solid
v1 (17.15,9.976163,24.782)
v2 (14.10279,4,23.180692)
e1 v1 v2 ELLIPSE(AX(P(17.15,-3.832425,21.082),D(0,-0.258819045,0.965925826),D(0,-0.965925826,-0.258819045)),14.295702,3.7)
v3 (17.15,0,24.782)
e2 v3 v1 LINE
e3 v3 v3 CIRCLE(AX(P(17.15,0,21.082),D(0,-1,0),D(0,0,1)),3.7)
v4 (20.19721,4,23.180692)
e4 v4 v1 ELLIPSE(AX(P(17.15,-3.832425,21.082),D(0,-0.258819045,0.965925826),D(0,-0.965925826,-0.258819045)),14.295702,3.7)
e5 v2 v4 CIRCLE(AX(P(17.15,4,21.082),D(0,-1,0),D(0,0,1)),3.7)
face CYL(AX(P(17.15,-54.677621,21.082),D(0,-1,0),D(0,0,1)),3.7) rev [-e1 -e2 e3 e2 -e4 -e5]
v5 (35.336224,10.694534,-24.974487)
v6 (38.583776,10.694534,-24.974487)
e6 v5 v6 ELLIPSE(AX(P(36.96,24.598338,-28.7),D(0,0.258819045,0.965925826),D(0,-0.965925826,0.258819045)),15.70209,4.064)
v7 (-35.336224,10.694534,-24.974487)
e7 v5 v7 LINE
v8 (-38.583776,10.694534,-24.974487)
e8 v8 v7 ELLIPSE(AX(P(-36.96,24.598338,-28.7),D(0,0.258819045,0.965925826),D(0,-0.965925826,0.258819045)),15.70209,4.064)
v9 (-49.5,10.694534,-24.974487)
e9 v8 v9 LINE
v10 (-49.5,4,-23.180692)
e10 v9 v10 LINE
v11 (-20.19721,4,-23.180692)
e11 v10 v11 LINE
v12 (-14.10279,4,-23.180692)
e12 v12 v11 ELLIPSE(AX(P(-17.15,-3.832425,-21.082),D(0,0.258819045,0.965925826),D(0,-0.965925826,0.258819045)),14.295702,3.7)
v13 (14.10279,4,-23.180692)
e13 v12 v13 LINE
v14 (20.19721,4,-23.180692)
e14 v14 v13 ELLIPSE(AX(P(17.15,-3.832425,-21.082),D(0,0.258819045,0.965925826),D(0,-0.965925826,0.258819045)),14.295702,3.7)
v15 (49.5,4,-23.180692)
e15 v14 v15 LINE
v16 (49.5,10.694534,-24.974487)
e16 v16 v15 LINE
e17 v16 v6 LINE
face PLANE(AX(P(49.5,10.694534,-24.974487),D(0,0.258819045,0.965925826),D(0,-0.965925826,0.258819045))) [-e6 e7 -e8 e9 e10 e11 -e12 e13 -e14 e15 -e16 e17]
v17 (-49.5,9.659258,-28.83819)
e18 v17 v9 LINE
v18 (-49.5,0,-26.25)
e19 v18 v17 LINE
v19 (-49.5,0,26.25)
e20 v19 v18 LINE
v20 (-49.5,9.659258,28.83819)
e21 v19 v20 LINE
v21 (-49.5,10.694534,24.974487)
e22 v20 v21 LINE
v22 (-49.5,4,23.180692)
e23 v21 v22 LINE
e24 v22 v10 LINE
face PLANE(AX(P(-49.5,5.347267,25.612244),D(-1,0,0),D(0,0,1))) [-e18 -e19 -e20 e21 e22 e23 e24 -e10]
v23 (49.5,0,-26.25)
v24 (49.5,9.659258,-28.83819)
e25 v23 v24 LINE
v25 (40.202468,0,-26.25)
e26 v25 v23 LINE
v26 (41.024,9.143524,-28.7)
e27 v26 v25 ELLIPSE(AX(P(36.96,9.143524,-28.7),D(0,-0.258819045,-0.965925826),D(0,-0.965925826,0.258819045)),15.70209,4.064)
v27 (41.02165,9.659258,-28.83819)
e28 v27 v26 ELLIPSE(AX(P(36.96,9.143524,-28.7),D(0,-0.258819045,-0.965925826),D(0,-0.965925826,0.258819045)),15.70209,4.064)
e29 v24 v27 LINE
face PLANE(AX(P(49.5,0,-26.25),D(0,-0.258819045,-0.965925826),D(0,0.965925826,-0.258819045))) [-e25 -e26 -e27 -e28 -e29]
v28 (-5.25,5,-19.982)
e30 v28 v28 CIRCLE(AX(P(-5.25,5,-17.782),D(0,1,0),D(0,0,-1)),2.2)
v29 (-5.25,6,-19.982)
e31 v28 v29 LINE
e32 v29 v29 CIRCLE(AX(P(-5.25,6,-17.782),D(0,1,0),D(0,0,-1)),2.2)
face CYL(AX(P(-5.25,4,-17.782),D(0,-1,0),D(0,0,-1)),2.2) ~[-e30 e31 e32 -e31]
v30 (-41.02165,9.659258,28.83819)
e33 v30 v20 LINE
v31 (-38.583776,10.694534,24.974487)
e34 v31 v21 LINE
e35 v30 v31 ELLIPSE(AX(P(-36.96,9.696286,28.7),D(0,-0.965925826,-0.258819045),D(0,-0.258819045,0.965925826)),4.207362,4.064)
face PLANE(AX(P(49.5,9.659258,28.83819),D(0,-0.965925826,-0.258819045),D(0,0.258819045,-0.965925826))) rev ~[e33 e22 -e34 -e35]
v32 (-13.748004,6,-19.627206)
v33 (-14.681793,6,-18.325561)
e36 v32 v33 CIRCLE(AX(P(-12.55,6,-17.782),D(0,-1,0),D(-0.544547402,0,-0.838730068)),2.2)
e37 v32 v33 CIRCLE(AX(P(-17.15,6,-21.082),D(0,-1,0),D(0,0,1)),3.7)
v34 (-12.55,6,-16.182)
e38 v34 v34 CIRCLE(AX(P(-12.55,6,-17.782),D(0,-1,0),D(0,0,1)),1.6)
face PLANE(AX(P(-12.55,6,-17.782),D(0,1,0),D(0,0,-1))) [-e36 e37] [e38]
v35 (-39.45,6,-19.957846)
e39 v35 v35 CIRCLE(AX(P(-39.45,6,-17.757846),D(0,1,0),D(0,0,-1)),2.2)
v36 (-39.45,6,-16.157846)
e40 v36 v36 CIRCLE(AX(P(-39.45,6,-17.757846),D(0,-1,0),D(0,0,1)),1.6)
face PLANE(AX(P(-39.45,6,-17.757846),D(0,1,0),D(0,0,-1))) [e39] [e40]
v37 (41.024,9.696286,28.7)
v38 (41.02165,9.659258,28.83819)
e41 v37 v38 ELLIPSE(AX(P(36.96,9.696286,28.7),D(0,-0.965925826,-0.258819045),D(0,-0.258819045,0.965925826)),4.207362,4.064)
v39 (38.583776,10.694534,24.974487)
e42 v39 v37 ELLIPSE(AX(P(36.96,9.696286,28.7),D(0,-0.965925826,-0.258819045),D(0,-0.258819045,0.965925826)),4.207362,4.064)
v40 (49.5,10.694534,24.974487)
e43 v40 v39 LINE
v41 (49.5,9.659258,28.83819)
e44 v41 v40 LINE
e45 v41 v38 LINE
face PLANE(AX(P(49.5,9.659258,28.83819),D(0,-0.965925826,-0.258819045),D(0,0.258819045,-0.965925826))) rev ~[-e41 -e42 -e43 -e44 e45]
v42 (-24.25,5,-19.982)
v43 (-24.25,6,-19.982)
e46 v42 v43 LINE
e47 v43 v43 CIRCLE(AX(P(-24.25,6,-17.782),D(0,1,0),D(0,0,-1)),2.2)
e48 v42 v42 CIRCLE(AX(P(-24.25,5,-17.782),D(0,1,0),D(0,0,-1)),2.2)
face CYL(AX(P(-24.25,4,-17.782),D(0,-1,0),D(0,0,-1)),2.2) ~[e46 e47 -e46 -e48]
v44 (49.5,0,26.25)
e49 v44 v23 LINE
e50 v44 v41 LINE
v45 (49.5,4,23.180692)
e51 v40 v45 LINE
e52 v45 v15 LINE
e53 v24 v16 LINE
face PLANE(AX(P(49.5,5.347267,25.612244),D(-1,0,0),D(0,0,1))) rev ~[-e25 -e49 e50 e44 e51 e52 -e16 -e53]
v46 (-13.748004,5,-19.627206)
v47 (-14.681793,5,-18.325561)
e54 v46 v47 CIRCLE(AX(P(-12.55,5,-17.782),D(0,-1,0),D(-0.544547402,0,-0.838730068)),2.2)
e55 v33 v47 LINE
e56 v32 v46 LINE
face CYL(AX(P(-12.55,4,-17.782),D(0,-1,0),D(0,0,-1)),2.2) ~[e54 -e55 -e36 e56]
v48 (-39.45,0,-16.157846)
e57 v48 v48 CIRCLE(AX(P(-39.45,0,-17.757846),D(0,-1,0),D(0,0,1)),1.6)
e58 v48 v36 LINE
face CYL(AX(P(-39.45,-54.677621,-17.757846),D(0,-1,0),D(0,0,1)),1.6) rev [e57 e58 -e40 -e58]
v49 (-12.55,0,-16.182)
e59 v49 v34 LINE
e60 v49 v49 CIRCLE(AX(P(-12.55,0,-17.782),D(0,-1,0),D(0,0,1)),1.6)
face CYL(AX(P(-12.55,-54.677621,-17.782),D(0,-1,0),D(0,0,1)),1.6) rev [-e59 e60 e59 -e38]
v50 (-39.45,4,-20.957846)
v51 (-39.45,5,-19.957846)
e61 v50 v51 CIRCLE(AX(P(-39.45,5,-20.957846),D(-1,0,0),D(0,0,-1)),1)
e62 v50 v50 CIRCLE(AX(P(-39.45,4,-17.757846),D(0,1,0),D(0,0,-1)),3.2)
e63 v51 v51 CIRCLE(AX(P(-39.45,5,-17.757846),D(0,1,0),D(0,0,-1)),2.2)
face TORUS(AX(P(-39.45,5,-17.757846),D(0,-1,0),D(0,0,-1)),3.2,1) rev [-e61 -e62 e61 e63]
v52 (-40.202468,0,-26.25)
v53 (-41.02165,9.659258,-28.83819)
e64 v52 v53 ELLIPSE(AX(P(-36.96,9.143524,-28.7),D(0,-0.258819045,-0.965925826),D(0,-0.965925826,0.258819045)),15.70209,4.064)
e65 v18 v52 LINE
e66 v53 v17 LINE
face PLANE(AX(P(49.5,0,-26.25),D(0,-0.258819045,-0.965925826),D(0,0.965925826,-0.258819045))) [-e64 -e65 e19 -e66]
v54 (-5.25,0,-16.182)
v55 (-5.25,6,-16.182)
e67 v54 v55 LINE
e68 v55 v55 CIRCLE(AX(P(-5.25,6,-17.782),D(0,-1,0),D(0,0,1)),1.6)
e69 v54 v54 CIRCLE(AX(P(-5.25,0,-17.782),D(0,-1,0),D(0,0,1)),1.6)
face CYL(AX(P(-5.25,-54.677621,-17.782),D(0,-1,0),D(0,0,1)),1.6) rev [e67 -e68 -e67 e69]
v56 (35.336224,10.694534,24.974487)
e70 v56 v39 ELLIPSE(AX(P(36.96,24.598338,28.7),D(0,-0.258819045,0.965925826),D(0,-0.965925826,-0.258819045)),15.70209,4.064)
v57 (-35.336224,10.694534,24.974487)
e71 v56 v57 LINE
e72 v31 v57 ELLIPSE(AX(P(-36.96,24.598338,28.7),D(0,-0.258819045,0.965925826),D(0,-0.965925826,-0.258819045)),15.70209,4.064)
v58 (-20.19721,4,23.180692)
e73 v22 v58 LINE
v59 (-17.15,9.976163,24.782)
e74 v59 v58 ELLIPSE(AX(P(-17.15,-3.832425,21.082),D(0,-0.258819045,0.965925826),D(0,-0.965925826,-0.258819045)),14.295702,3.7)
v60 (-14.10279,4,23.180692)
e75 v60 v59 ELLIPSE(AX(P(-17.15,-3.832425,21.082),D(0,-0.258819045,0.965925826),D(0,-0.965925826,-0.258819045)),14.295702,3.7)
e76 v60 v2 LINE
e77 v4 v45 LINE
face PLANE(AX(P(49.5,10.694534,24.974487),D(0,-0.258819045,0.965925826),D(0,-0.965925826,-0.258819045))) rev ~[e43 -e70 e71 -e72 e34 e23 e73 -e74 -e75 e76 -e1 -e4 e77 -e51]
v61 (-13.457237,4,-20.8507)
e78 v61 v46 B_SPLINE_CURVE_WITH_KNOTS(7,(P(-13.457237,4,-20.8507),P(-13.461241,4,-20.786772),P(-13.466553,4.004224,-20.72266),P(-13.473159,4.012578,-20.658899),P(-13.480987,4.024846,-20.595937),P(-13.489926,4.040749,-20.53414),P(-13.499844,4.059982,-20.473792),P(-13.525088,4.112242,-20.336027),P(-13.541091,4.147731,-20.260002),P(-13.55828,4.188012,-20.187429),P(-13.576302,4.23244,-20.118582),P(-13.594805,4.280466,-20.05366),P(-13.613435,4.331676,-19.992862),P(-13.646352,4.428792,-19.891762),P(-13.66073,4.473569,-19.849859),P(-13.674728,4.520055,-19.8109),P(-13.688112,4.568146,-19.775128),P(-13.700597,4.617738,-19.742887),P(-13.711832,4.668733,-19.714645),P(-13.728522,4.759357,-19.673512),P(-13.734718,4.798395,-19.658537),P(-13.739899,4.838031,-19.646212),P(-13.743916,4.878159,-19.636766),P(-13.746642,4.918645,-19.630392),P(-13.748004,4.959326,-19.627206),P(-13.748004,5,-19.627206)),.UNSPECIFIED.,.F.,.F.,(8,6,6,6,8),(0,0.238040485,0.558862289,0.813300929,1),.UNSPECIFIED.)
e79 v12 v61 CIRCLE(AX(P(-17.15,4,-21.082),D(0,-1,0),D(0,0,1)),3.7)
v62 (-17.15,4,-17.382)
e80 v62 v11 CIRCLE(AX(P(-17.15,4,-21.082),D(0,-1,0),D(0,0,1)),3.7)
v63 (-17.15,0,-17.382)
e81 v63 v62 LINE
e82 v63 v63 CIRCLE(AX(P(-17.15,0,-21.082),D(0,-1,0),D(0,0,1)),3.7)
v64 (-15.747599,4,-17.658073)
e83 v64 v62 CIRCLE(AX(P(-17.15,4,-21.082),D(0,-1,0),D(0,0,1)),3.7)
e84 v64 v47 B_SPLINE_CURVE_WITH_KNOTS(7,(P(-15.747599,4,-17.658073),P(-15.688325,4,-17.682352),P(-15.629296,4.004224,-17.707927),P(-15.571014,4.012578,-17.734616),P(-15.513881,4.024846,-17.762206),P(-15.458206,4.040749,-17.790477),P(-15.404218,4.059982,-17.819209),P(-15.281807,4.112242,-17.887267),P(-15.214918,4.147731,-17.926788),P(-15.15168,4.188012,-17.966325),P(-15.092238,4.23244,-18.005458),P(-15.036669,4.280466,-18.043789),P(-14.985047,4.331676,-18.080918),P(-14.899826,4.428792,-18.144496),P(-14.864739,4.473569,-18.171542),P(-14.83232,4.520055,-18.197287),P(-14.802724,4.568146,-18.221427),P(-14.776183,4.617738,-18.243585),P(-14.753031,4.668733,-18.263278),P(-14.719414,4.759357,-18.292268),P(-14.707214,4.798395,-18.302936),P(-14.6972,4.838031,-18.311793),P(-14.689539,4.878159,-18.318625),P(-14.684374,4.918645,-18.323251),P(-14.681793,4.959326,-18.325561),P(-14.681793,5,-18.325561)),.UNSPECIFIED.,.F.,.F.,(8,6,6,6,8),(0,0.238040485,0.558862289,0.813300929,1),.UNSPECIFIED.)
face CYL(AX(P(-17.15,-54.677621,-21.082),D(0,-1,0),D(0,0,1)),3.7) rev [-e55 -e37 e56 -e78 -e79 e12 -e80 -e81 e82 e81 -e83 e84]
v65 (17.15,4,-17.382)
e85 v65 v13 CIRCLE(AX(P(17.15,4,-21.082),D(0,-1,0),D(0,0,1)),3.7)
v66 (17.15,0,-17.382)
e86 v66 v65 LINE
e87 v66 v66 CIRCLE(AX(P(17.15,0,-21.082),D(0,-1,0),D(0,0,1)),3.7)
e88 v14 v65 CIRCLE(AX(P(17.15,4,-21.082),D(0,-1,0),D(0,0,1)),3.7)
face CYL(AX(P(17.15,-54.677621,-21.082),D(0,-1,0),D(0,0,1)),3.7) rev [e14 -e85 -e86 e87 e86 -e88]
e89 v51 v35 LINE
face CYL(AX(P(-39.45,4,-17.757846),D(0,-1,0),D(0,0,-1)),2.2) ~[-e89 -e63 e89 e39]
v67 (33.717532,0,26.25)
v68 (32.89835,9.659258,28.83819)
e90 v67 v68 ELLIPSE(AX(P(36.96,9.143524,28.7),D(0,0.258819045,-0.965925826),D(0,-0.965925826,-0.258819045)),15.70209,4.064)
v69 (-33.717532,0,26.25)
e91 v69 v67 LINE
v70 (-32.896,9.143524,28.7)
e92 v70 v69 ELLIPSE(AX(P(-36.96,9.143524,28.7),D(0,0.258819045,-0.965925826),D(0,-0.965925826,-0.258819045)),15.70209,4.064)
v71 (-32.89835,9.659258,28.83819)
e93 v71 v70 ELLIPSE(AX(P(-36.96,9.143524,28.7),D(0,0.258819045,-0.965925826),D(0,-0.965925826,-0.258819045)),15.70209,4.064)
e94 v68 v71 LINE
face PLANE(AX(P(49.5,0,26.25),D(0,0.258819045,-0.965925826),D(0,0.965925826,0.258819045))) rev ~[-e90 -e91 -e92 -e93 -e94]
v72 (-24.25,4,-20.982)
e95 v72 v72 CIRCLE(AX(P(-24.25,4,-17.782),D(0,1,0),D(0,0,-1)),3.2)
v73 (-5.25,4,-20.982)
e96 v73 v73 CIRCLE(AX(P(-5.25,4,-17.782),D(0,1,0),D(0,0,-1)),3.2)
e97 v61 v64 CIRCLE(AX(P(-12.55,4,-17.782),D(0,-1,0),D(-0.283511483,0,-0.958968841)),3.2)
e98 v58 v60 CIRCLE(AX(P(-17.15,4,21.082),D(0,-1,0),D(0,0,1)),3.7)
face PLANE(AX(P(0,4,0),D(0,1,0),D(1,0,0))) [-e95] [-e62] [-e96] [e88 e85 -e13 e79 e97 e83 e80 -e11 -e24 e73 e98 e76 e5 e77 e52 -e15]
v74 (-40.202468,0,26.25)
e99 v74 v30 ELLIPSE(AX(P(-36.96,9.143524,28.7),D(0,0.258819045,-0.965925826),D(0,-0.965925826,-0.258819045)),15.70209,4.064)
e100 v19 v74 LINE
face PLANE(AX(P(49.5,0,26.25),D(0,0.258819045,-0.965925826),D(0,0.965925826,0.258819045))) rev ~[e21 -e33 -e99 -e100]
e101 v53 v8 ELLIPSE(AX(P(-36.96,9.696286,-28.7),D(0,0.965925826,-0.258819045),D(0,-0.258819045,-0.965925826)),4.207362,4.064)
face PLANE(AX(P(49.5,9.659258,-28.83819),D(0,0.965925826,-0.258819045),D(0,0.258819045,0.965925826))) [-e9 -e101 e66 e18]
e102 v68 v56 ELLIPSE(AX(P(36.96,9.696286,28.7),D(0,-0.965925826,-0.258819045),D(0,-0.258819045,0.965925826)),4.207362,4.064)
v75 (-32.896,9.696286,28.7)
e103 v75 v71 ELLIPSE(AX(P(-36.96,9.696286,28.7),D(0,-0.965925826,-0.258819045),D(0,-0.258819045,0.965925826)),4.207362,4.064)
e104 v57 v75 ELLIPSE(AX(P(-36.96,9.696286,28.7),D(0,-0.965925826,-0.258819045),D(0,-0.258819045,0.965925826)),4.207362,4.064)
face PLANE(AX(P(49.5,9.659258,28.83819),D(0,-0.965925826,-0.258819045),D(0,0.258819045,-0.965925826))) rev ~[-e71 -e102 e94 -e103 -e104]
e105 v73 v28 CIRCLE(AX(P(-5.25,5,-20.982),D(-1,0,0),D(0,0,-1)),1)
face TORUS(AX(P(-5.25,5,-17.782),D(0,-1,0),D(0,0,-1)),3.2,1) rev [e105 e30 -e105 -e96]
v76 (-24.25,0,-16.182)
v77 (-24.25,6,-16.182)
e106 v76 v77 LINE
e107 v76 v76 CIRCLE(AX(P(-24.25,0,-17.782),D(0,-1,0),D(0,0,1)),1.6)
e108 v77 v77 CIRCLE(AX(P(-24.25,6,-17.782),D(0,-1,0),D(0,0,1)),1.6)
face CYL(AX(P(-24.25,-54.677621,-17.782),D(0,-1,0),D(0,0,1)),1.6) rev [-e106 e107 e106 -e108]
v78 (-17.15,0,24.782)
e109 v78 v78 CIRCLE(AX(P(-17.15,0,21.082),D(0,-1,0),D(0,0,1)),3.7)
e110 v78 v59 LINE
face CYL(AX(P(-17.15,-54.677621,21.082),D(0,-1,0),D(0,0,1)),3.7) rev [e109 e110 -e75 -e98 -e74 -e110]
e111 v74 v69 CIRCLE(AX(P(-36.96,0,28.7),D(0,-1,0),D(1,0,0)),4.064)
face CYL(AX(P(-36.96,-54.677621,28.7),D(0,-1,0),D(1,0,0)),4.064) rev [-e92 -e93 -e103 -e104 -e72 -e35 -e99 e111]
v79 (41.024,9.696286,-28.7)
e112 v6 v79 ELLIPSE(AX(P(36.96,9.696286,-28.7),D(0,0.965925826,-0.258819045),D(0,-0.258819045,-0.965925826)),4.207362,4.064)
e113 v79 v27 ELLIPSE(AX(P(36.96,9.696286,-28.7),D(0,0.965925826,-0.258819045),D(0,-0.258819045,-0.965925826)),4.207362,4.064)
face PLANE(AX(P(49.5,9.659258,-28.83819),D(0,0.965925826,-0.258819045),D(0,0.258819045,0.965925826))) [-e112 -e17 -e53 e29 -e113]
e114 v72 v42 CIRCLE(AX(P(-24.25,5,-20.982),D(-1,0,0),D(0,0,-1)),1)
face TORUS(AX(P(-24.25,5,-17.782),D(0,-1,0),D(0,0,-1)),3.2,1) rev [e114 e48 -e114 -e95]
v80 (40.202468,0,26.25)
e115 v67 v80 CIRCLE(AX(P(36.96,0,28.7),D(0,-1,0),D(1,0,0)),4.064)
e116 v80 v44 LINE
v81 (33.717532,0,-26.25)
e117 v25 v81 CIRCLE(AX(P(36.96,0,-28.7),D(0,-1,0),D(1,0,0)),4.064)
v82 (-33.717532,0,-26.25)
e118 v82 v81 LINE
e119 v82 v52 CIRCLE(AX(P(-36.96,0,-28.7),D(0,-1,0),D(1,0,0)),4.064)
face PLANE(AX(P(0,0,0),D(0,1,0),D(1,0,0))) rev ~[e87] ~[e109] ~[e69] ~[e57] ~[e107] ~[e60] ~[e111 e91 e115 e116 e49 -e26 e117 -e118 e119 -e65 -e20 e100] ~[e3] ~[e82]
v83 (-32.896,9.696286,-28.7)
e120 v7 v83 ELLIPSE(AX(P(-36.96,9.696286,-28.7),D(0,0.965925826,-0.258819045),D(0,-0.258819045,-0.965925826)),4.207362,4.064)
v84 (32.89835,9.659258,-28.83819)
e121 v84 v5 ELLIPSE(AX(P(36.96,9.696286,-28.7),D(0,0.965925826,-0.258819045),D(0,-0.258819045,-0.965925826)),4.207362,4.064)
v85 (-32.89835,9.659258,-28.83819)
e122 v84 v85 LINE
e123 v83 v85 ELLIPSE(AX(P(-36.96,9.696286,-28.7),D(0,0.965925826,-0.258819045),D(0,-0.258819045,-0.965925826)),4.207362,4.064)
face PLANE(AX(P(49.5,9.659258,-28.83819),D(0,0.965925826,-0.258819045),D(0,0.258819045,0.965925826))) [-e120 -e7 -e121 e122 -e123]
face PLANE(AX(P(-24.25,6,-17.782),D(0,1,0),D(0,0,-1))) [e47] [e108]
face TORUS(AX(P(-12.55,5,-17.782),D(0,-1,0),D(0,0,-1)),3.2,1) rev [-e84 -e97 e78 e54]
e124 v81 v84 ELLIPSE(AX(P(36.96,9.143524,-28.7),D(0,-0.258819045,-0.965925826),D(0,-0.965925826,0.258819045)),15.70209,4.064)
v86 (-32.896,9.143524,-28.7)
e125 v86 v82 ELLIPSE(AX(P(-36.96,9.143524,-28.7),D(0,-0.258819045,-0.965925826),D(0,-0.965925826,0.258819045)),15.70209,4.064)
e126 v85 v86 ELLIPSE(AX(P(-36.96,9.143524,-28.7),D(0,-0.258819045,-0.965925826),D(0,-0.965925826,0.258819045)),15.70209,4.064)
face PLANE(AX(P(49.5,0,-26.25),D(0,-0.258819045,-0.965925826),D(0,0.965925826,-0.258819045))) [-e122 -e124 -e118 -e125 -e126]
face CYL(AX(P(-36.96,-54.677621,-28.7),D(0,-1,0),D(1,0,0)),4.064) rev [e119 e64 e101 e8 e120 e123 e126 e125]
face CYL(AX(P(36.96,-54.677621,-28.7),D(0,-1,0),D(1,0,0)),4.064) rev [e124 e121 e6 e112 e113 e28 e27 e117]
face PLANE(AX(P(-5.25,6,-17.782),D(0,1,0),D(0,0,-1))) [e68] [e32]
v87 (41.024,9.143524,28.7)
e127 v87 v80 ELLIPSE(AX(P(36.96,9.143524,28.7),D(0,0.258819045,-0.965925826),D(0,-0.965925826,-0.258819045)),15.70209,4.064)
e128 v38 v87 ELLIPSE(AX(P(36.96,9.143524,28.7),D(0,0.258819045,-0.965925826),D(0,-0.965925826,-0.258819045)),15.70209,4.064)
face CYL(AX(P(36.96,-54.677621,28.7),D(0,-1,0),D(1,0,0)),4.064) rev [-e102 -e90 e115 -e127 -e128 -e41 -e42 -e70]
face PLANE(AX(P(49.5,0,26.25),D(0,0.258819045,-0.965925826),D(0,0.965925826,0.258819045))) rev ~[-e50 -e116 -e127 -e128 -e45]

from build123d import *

# Parameters (mm, degrees)
SKETCH2_W                  = 99
SKETCH2_H                  = 52.5
FLATTEMPLATE_DEPTH         = 4
SIDEWALLS_DEPTH            = 99
INNERHOLESCUT_DEPTH        = 58.677621483
INNERHOLESCUT_DEPTH_BACK   = 58.677621483
INNERHOLES_R               = 1
OUTERHOLESCUT_DEPTH        = 58.677621483
OUTERHOLESCUT_DEPTH_BACK   = 58.677621483
TOPOUTERHOLES_R            = 4.064
TARGETHOLES_R              = 2.2
TARGETHOLESUPPORTS_DEPTH   = 2
TARGETHOLEFILLETS_R        = 1
TARGETHOLEHOLES_DEPTH      = 58.677621483
TARGETHOLEHOLES_DEPTH_BACK = 58.677621483
SKETCH10_R                 = 1.6
INNERHOLESRECUT_DEPTH      = 58.677621483
INNERHOLESRECUT_DEPTH_BACK = 58.677621483
SKETCH11_R                 = 3.7


with BuildPart() as part:
    # Sketch2 → FlatTemplate (new body)
    with BuildSketch(Plane(origin=(0, 0, 0), x_dir=(1, 0, 0), z_dir=(0, 1, 0))):
        Rectangle(SKETCH2_W, SKETCH2_H)
    extrude(amount=FLATTEMPLATE_DEPTH)

    # Sketch4 → SideWalls (add, through all)
    with BuildSketch(Plane(origin=(49.5, 0, 0), x_dir=(0, 0, -1), z_dir=(1, 0, 0))):
        Polygon((-26.25, 0), (-28.838190451, 9.659258263), (-24.974487146, 10.694534443), (-22.386296695, 1.03527618), align=None)
        Polygon((26.25, 0), (28.838190451, 9.659258263), (24.974487146, 10.694534443), (22.386296695, 1.03527618), align=None)
    extrude(amount=-SIDEWALLS_DEPTH)

    # InnerHoles → InnerHolesCut (cut, two sides: drawn at the far end of the back side and taken through both)
    with BuildSketch(Plane(origin=(0, 4, 0), x_dir=(1, 0, 0), z_dir=(0, 1, 0)).offset(-INNERHOLESCUT_DEPTH_BACK)):
        with Locations(Location((-17.15, 21.082, 0), (0, 0, 270))):
            Circle(INNERHOLES_R)
        with Locations(Location((17.15, 21.082, 0), (0, 0, 270))):
            Circle(INNERHOLES_R)
        with Locations(Location((17.15, -21.082, 0), (0, 0, 270))):
            Circle(INNERHOLES_R)
        with Locations(Location((-17.15, -21.082, 0), (0, 0, 270))):
            Circle(INNERHOLES_R)
    extrude(amount=INNERHOLESCUT_DEPTH + INNERHOLESCUT_DEPTH_BACK, mode=Mode.SUBTRACT)

    # TopOuterHoles → OuterHolesCut (cut, two sides: drawn at the far end of the back side and taken through both)
    with BuildSketch(Plane(origin=(0, 4, 0), x_dir=(1, 0, 0), z_dir=(0, 1, 0)).offset(-OUTERHOLESCUT_DEPTH_BACK)):
        with Locations((-36.96, 28.7)):
            Circle(TOPOUTERHOLES_R)
        with Locations((36.96, 28.7)):
            Circle(TOPOUTERHOLES_R)
        with Locations((36.96, -28.7)):
            Circle(TOPOUTERHOLES_R)
        with Locations((-36.96, -28.7)):
            Circle(TOPOUTERHOLES_R)
    extrude(amount=OUTERHOLESCUT_DEPTH + OUTERHOLESCUT_DEPTH_BACK, mode=Mode.SUBTRACT)

    # TargetHoles → TargetHoleSupports (add)
    with BuildSketch(Plane(origin=(0, 4, 0), x_dir=(1, 0, 0), z_dir=(0, 1, 0))):
        with Locations(Location((-5.25, 17.782, 0), (0, 0, 90))):
            Circle(TARGETHOLES_R)
        with Locations(Location((-12.55, 17.782, 0), (0, 0, 90))):
            Circle(TARGETHOLES_R)
        with Locations(Location((-24.25, 17.782, 0), (0, 0, 90))):
            Circle(TARGETHOLES_R)
        with Locations(Location((-39.45, 17.757845972, 0), (0, 0, 90))):
            Circle(TARGETHOLES_R)
    extrude(amount=TARGETHOLESUPPORTS_DEPTH)

    # TargetHoleFillets
    targetholefillets_edges = [part.edges().sort_by_distance(p)[0] for p in [
        (-5.25, 4, -15.582),
        (-12.55, 4, -15.582),
        (-24.25, 4, -15.582),
        (-39.45, 4, -15.557845972),
    ]]
    fillet(targetholefillets_edges, radius=TARGETHOLEFILLETS_R)

    # Sketch10 → TargetHoleHoles (cut, two sides: drawn at the far end of the back side and taken through both)
    with BuildSketch(Plane(origin=(0, 4, 0), x_dir=(1, 0, 0), z_dir=(0, 1, 0)).offset(-TARGETHOLEHOLES_DEPTH_BACK)):
        with Locations(Location((-5.25, 17.782, 0), (0, 0, 270))):
            Circle(SKETCH10_R)
        with Locations(Location((-12.55, 17.782, 0), (0, 0, 270))):
            Circle(SKETCH10_R)
        with Locations(Location((-24.25, 17.782, 0), (0, 0, 270))):
            Circle(SKETCH10_R)
        with Locations(Location((-39.45, 17.757845972, 0), (0, 0, 270))):
            Circle(SKETCH10_R)
    extrude(amount=TARGETHOLEHOLES_DEPTH + TARGETHOLEHOLES_DEPTH_BACK, mode=Mode.SUBTRACT)

    # Sketch11 → InnerHolesReCut (cut, two sides: drawn at the far end of the back side and taken through both)
    with BuildSketch(Plane(origin=(0, 4, 0), x_dir=(1, 0, 0), z_dir=(0, 1, 0)).offset(-INNERHOLESRECUT_DEPTH_BACK)):
        with Locations(Location((17.15, 21.082, 0), (0, 0, 270))):
            Circle(SKETCH11_R)
        with Locations(Location((-17.15, 21.082, 0), (0, 0, 270))):
            Circle(SKETCH11_R)
        with Locations(Location((-17.15, -21.082, 0), (0, 0, 270))):
            Circle(SKETCH11_R)
        with Locations(Location((17.15, -21.082, 0), (0, 0, 270))):
            Circle(SKETCH11_R)
    extrude(amount=INNERHOLESRECUT_DEPTH + INNERHOLESRECUT_DEPTH_BACK, mode=Mode.SUBTRACT)


solid = part.part
